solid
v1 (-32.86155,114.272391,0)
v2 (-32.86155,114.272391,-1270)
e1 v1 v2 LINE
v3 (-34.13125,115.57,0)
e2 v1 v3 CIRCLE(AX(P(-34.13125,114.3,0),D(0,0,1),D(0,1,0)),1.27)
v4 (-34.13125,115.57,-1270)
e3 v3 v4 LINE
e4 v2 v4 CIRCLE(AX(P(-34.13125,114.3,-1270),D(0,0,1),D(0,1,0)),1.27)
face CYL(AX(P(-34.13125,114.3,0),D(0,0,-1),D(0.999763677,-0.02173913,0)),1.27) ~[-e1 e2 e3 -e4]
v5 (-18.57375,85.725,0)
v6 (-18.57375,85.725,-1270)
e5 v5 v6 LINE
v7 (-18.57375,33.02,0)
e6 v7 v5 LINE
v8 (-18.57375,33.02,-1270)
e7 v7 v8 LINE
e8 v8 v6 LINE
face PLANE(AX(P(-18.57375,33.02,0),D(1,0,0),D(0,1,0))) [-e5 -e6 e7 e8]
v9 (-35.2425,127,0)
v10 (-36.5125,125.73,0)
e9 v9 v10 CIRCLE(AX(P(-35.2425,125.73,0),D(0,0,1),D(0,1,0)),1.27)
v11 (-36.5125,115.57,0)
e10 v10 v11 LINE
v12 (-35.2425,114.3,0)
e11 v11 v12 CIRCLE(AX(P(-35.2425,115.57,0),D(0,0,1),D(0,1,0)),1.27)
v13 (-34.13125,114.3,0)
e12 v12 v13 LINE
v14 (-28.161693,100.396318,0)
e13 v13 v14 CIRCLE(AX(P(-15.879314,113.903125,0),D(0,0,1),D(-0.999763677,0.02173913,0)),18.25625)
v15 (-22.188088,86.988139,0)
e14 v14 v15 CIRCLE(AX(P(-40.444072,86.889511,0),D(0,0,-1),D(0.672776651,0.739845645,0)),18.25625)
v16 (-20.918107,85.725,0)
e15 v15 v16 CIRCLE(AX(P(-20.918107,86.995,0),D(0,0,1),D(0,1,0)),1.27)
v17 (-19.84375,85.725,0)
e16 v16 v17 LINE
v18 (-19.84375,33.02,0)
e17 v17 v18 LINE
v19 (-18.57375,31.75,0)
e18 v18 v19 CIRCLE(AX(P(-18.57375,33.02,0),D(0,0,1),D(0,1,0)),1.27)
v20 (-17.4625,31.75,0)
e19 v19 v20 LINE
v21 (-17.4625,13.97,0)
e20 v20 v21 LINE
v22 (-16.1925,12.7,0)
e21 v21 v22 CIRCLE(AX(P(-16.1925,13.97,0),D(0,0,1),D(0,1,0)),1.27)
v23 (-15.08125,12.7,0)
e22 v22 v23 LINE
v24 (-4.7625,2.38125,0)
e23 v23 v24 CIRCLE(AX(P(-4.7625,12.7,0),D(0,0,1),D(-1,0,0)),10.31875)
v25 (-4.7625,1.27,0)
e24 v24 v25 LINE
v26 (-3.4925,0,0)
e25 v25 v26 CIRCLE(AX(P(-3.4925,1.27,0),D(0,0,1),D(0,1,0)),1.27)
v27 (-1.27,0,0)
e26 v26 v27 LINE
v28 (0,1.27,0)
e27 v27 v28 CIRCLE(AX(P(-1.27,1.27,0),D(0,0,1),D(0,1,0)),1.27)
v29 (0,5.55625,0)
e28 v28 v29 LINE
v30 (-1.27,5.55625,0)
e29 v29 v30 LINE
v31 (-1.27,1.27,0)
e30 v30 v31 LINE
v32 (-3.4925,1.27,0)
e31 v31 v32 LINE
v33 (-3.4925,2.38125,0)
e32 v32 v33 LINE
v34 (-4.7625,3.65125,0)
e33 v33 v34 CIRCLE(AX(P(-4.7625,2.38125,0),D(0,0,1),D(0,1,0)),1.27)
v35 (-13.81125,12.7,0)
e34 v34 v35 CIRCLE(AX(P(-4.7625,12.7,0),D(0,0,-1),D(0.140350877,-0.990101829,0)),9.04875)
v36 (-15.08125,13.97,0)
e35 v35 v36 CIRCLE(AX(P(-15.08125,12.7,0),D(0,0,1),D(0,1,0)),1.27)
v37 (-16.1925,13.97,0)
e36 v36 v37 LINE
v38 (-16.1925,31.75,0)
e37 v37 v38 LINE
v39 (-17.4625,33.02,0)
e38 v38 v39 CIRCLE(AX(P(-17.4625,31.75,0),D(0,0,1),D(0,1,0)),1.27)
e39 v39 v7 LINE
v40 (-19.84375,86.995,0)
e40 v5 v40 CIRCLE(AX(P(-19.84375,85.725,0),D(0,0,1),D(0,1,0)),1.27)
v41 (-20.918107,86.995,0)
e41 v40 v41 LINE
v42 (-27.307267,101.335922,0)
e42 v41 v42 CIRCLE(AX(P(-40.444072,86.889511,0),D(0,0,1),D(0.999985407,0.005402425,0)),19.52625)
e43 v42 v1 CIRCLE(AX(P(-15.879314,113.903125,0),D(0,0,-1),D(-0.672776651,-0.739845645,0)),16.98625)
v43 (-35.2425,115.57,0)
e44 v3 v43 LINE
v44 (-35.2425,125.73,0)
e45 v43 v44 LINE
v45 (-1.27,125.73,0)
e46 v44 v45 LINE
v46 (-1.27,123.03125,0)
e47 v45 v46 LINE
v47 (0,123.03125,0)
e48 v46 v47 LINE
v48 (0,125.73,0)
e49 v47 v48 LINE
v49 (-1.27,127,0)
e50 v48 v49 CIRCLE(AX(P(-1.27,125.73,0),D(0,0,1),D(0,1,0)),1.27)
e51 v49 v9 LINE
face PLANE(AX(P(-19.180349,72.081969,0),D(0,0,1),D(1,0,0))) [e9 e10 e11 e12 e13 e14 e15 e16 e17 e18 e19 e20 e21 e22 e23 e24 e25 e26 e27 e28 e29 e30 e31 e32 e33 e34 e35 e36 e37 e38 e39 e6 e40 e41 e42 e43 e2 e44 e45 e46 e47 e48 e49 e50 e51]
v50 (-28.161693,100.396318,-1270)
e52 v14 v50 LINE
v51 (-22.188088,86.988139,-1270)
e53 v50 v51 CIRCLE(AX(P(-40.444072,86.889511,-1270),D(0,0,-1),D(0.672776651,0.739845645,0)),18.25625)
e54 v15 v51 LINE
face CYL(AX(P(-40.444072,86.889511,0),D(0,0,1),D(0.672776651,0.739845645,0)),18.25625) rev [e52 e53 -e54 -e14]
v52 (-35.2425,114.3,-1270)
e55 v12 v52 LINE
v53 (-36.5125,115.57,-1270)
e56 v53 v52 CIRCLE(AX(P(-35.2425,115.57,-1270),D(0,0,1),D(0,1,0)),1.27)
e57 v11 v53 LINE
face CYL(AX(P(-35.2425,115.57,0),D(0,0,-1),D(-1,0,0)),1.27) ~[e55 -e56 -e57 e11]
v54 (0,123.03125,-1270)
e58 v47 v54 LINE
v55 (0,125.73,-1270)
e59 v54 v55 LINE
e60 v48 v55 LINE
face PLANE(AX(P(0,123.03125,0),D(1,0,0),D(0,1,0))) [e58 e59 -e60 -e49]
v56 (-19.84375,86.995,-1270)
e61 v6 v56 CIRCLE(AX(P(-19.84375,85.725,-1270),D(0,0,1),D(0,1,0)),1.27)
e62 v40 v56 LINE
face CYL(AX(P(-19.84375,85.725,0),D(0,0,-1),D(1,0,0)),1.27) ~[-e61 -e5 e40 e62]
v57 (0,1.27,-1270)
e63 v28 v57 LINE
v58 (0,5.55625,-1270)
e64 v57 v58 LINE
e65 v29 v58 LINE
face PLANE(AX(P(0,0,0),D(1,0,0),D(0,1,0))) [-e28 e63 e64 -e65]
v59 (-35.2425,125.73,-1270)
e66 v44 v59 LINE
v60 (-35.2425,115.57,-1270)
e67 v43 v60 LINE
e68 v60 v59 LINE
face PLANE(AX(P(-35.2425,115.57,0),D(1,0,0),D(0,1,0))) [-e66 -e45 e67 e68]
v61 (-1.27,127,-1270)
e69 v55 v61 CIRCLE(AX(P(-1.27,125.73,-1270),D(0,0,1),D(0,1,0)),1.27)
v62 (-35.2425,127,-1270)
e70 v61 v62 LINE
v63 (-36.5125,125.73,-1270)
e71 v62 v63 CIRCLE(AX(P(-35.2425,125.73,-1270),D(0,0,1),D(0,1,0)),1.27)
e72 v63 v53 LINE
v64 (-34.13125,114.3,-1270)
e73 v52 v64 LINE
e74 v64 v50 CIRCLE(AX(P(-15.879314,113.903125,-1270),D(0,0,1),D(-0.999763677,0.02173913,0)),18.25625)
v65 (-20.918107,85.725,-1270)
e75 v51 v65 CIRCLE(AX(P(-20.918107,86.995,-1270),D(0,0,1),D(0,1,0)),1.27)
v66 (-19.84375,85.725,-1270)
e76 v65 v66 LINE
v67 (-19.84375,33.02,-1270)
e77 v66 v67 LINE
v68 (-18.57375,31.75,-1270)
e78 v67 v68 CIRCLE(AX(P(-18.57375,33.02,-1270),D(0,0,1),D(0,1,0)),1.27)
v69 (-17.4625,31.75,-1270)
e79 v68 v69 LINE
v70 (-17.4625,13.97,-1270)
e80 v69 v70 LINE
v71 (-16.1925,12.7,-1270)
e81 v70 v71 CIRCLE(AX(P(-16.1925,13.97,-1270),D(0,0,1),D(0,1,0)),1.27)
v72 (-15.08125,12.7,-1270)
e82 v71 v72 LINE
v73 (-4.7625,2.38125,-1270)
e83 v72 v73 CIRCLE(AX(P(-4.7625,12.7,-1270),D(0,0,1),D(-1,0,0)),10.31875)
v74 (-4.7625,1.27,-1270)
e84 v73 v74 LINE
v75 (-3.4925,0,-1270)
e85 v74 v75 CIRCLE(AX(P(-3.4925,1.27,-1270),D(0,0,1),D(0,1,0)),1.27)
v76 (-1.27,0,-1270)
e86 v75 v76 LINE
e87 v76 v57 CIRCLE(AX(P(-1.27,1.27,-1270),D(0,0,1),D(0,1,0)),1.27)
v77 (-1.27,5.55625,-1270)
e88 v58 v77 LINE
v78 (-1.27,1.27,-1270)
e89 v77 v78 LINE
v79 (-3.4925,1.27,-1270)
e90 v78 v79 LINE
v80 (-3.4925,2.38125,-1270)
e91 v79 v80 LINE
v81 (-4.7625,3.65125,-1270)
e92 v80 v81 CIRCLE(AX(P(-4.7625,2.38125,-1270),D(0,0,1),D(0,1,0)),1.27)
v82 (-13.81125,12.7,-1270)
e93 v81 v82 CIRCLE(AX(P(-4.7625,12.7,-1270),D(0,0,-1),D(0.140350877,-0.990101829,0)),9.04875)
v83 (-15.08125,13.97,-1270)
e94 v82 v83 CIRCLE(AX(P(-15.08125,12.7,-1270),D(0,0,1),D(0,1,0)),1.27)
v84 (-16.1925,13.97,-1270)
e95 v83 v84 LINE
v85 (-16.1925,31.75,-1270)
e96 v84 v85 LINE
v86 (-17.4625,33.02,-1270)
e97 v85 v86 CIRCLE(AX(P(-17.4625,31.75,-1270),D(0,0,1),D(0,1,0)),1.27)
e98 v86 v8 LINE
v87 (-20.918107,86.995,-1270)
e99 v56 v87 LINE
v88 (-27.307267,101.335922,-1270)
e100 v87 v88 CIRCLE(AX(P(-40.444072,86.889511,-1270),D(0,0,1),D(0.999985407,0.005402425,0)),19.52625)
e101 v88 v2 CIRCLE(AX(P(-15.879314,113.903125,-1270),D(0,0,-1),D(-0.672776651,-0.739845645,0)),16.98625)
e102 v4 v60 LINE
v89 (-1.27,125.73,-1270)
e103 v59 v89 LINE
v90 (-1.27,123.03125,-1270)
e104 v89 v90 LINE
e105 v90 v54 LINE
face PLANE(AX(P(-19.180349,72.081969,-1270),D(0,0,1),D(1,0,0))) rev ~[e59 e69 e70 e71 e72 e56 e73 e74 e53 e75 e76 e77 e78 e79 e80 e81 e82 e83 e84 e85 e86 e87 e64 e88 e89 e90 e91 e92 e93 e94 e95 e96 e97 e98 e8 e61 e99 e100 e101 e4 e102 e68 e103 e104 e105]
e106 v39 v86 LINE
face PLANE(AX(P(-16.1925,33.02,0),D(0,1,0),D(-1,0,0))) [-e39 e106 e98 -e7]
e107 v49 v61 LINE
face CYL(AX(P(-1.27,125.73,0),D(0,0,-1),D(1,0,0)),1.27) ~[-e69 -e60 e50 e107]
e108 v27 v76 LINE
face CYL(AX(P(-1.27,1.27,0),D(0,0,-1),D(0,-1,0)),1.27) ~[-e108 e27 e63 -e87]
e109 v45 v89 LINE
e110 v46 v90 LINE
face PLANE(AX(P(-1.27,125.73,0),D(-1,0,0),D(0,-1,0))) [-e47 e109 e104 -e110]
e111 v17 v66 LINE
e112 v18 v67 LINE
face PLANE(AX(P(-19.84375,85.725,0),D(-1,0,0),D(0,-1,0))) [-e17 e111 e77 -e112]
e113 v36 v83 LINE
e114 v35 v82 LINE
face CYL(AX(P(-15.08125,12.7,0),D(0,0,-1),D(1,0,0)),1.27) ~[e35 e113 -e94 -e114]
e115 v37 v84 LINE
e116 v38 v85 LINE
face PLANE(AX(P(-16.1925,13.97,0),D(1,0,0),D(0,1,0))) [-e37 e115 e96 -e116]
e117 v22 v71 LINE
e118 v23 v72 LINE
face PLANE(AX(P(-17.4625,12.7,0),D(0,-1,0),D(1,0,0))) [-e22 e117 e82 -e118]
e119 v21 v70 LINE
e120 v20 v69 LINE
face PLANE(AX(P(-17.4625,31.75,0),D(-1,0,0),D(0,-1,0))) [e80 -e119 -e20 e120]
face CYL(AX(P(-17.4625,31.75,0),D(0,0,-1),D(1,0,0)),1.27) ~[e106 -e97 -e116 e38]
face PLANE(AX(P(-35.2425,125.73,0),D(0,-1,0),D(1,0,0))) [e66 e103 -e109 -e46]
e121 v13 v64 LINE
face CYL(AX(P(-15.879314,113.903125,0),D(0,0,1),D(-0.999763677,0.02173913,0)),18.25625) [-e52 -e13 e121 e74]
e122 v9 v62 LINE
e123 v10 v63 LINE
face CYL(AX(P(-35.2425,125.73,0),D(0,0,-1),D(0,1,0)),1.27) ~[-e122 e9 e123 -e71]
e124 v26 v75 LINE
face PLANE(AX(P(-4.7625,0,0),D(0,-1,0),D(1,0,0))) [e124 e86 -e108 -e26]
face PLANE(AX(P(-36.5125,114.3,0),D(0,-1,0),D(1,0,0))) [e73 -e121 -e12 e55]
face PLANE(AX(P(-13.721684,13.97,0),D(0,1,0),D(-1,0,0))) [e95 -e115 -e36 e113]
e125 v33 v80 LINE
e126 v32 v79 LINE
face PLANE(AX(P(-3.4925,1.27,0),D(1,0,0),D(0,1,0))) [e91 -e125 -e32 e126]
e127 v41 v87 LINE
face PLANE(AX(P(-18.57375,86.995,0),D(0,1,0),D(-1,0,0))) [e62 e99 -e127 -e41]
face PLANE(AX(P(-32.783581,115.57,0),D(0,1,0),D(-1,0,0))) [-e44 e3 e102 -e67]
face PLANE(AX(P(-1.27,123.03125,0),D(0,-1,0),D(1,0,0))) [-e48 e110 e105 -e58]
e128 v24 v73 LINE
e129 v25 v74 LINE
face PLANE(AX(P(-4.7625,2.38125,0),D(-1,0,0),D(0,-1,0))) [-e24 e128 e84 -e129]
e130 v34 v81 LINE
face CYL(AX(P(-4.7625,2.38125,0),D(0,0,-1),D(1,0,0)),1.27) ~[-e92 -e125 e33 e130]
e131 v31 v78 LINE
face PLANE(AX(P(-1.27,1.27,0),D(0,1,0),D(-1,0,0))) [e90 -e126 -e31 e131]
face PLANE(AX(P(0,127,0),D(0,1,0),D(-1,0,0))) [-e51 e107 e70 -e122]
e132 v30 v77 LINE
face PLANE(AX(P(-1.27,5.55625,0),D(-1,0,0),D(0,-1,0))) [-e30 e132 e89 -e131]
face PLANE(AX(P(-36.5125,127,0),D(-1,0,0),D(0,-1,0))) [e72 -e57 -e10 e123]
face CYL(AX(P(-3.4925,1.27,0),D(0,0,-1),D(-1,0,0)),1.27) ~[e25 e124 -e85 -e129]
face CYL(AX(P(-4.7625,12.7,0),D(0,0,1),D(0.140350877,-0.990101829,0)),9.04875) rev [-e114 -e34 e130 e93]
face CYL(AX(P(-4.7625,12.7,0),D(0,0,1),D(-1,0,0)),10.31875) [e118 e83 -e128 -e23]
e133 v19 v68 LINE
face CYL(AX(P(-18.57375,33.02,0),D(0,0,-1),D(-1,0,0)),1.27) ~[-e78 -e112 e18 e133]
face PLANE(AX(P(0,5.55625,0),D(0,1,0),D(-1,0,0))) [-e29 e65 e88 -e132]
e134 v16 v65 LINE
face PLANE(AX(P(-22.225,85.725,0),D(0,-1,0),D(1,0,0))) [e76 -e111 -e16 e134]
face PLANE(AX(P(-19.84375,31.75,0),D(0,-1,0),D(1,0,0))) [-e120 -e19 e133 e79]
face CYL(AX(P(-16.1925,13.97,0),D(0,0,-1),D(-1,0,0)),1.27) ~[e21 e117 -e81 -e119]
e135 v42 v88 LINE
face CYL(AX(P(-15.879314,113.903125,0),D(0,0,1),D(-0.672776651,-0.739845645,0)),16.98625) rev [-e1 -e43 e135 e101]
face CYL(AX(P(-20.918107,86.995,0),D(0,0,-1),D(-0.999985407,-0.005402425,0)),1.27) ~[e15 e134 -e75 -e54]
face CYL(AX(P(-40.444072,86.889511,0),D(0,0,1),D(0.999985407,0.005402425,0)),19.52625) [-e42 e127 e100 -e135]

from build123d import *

# Parameters (mm, degrees)
EXTRUDE_THIN1_DEPTH = 1270
FILLET1_R           = 1.27


with BuildPart() as part:
    # Sketch1 → Extrude-Thin1 (new body)
    with BuildSketch(Plane.XY):
        with BuildLine():
            Line((0, 123.03125), (0, 127))
            Line((0, 127), (-36.5125, 127))
            Line((-36.5125, 127), (-36.5125, 114.3))
            Line((-36.5125, 114.3), (-34.13125, 114.3))
            ThreePointArc((-34.13125, 114.3), (-32.654718449, 106.700591974), (-28.1616931, 100.396317948))
            ThreePointArc((-28.1616931, 100.396317948), (-23.520818179, 93.737441229), (-22.225, 85.725))
            Line((-22.225, 85.725), (-19.84375, 85.725))
            Line((-19.84375, 85.725), (-19.84375, 31.75))
            Line((-19.84375, 31.75), (-17.4625, 31.75))
            Line((-17.4625, 31.75), (-17.4625, 12.7))
            Line((-17.4625, 12.7), (-15.08125, 12.7))
            ThreePointArc((-15.08125, 12.7), (-12.058958098, 5.403541902), (-4.7625, 2.38125))
            Line((-4.7625, 2.38125), (-4.7625, 0))
            Line((-4.7625, 0), (0, 0))
            Line((0, 0), (0, 5.55625))
            Line((0, 5.55625), (-1.27, 5.55625))
            Line((-1.27, 5.55625), (-1.27, 1.27))
            Line((-1.27, 1.27), (-3.4925, 1.27))
            Line((-3.4925, 1.27), (-3.4925, 3.740816077))
            ThreePointArc((-3.4925, 3.740816077), (-11.160932486, 6.301567514), (-13.721683923, 13.97))
            Line((-13.721683923, 13.97), (-16.1925, 13.97))
            Line((-16.1925, 13.97), (-16.1925, 33.02))
            Line((-16.1925, 33.02), (-18.57375, 33.02))
            Line((-18.57375, 33.02), (-18.57375, 86.995))
            Line((-18.57375, 86.995), (-20.918106783, 86.995))
            ThreePointArc((-20.918106783, 86.995), (-22.60788254, 94.835880545), (-27.307266754, 101.335921917))
            ThreePointArc((-27.307266754, 101.335921917), (-31.732733484, 107.803797872), (-32.783580599, 115.57))
            Line((-32.783580599, 115.57), (-35.2425, 115.57))
            Line((-35.2425, 115.57), (-35.2425, 125.73))
            Line((-35.2425, 125.73), (-1.27, 125.73))
            Line((-1.27, 125.73), (-1.27, 123.03125))
            Line((-1.27, 123.03125), (0, 123.03125))
        make_face()
    extrude(amount=-EXTRUDE_THIN1_DEPTH)

    # Fillet1
    fillet1_edges = [part.edges().sort_by_distance(p)[0] for p in [
        (-32.783580599, 115.57, -635),
        (-18.57375, 86.995, -635),
        (-16.1925, 33.02, -635),
        (-13.721683923, 13.97, -635),
        (-3.4925, 3.740816077, -635),
        (0, 0, -635),
        (-4.7625, 0, -635),
        (-17.4625, 12.7, -635),
        (-19.84375, 31.75, -635),
        (-22.225, 85.725, -635),
        (-36.5125, 114.3, -635),
        (-36.5125, 127, -635),
        (0, 127, -635),
    ]]
    fillet(fillet1_edges, radius=FILLET1_R)


solid = part.part
